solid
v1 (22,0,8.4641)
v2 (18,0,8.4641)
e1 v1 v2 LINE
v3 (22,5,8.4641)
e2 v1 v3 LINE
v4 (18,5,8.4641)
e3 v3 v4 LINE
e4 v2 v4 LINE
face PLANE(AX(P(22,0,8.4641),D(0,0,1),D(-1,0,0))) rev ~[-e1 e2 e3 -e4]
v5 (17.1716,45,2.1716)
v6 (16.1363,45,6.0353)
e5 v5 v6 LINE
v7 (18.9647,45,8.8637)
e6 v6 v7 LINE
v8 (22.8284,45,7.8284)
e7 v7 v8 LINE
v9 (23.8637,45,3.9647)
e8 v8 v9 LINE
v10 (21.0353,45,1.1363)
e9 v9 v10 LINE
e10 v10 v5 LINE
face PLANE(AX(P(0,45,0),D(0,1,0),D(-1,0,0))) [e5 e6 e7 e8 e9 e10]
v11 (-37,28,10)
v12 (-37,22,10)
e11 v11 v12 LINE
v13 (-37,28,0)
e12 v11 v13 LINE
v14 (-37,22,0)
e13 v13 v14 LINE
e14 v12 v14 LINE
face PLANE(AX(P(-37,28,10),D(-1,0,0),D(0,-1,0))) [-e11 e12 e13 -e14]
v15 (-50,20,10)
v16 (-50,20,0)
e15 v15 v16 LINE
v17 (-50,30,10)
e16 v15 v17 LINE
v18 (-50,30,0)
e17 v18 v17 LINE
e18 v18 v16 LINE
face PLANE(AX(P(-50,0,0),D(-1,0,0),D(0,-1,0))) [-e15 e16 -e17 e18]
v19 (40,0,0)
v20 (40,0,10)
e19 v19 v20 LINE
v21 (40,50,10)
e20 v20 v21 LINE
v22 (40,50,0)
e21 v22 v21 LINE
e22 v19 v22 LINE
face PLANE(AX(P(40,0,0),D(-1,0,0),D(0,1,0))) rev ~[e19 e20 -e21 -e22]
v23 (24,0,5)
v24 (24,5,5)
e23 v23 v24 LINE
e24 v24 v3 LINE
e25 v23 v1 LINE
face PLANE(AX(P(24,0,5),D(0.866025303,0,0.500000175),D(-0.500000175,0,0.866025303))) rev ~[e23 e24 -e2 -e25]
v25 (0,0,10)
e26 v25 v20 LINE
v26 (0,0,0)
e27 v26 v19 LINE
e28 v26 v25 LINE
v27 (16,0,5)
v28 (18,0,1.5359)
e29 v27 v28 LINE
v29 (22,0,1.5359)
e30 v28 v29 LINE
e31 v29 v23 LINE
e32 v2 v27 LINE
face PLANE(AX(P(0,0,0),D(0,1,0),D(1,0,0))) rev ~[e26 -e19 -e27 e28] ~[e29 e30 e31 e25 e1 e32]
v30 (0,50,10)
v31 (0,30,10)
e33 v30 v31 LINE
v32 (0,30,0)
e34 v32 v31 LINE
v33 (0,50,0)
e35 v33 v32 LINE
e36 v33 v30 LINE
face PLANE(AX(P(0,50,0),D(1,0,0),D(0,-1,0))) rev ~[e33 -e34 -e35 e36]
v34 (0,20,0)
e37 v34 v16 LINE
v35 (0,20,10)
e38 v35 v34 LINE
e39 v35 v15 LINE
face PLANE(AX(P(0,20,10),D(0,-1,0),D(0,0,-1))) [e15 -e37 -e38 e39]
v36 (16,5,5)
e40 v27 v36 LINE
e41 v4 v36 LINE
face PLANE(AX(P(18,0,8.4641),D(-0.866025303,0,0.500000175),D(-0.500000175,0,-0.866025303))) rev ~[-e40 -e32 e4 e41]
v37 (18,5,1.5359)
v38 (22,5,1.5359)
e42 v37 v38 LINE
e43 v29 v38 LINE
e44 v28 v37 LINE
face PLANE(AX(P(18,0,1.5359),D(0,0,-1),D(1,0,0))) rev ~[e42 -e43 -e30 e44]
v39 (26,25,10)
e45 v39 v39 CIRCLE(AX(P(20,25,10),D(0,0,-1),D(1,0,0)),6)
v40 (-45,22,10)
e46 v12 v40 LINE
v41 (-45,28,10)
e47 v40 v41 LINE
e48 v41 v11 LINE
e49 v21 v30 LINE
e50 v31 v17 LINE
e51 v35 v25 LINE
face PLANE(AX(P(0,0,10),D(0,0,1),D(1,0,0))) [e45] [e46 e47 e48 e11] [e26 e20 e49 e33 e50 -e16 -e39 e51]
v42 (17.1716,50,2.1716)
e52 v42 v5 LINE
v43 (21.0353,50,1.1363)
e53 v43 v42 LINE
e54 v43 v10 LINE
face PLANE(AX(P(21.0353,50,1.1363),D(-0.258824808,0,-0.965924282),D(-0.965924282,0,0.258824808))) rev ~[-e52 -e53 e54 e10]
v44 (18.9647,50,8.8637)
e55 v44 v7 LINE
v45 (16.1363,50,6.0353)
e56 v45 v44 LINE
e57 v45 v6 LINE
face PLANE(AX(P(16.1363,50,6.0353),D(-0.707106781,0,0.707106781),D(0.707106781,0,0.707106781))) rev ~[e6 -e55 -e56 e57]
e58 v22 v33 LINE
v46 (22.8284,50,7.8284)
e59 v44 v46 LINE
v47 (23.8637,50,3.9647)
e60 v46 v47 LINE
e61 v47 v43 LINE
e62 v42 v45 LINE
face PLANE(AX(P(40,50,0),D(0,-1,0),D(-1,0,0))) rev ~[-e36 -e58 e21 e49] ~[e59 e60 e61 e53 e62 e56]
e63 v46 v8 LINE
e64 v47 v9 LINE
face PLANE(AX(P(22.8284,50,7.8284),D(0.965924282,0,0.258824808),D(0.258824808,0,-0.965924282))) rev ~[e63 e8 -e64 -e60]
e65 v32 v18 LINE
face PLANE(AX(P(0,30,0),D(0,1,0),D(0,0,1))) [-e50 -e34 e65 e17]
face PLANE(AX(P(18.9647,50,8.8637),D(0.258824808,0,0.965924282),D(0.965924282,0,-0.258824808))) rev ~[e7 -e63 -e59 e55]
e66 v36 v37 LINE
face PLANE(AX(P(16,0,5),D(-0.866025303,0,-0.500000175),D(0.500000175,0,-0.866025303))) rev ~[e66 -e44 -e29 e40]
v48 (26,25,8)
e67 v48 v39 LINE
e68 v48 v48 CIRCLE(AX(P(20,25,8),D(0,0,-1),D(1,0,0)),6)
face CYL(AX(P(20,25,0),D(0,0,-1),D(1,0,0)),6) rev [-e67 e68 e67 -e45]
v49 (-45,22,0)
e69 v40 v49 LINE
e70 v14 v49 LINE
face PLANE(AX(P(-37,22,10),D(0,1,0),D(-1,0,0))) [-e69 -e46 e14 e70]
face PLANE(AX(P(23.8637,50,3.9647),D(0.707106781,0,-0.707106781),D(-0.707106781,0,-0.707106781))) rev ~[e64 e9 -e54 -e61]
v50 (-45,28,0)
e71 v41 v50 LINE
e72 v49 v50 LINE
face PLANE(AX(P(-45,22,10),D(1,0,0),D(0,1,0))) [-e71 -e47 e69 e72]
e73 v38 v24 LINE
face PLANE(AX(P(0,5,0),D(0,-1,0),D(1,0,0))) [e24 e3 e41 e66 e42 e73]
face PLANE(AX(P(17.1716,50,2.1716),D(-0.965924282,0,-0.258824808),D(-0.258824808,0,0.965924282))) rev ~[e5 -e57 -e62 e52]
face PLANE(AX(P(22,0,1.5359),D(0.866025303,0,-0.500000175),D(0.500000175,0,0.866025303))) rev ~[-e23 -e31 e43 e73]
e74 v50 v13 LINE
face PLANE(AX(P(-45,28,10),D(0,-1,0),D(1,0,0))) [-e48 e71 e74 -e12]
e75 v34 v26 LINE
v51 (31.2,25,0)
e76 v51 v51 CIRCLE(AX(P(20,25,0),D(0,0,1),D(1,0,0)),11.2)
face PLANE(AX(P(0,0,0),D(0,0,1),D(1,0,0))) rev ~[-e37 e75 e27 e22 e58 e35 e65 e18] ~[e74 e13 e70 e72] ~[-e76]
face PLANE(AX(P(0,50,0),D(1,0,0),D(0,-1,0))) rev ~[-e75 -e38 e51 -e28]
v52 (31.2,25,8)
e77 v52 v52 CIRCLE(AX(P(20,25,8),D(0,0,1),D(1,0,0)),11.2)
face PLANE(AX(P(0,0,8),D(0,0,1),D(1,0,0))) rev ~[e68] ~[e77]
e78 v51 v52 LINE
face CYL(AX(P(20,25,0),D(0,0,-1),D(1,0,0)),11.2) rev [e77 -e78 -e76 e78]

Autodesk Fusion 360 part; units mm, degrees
sketch "Top" plane through (0, 0, 0) normal (0, 0, 1) x (1, 0, 0)
  line L0 (0, 0) -> (40, 0)
  line L1 (40, 0) -> (40, 50)
  line L2 (40, 50) -> (0, 50)
  line L3 (0, 50) -> (0, 0)
  circle A0 centre (20, 25) radius 11.2
  circle A1 centre (20, 25) radius 6
  dimension "d6" = 40
  dimension "d7" = 50
  dimension "d11" = 22.4
  dimension "d12" = 25
  dimension "d13" = 20
  dimension "d27" = 12
extrude "Extrude1" add sketch "Top" along normal blind 10 contours L0 L1 L2 L3 | A0 | A1
extrude "Extrude2" cut sketch "Top" along normal blind 8 contours A0 | A1
extrude "Extrude5" cut sketch "Top" along normal blind 110 contours A1
sketch "Sketch3" plane through (0, 0, 0) normal (0, -1, 0) x (1, 0, 0)
  line L0 (0, 0) -> (40, 0)
  line L1 (40, 0) -> (40, 10)
  line L2 (40, 10) -> (0, 10)
  line L3 (0, 10) -> (0, 0)
  line L4 (24, 5) -> (22, 8.4641)
  line L5 (22, 8.4641) -> (18, 8.4641)
  line L6 (18, 8.4641) -> (16, 5)
  line L7 (16, 5) -> (18, 1.5359)
  line L8 (18, 1.5359) -> (22, 1.5359)
  line L9 (22, 1.5359) -> (24, 5)
  point P0 (20, 5)
  dimension "d34" = 4
  dimension "d37" = 20
  dimension "d38" = 5
extrude "Extrude6" cut sketch "Sketch3" against normal blind 5 contours L4 L5 L6 L7 L8 L9
sketch "Sketch4" plane through (0, 50, 0) normal (0, 1, 0) x (-1, 0, 0)
  line L0 (-40, 0) -> (0, 0)
  line L1 (0, 0) -> (0, 10)
  line L2 (0, 10) -> (-40, 10)
  line L3 (-40, 10) -> (-40, 0)
  line L4 (-22.8284, 7.8284) -> (-23.8637, 3.9647)
  line L5 (-23.8637, 3.9647) -> (-21.0353, 1.1363)
  line L6 (-21.0353, 1.1363) -> (-17.1716, 2.1716)
  line L7 (-17.1716, 2.1716) -> (-16.1363, 6.0353)
  line L8 (-16.1363, 6.0353) -> (-18.9647, 8.8637)
  line L9 (-18.9647, 8.8637) -> (-22.8284, 7.8284)
  point P0 (-20, 5)
  dimension "d39" = 4
  dimension "d42" = 20
  dimension "d43" = 5
extrude "Extrude7" cut sketch "Sketch4" against normal blind 5 contours L4 L5 L6 L7 L8 L9
sketch "Sketch5" plane through (0, 0, 0) normal (-1, 0, 0) x (0, -1, 0)
  line L0 (-50, 0) -> (0, 0)
  line L1 (0, 0) -> (0, 10)
  line L2 (0, 10) -> (-50, 10)
  line L3 (-50, 10) -> (-50, 0)
  line L4 (-30, 10) -> (-20, 10)
  line L5 (-20, 10) -> (-20, 0)
  line L6 (-20, 0) -> (-30, 0)
  line L7 (-30, 0) -> (-30, 10)
  dimension "d50" = 10
  dimension "d51" = 10
  dimension "d52" = 20
extrude "Extrude8" add sketch "Sketch5" along normal blind 50 contours L0 L2 L4 L5 L6 L7
sketch "Sketch7" plane through (0, 0, 10) normal (0, 0, 1) x (-1, 0, 0)
  circle A0 centre (-20, -25) radius 6
  line L0 (0, -50) -> (0, -30)
  line L1 (0, -30) -> (50, -30)
  line L2 (50, -30) -> (50, -20)
  line L3 (50, -20) -> (0, -20)
  line L4 (0, -20) -> (0, 0)
  line L5 (0, 0) -> (-40, 0)
  line L6 (-40, 0) -> (-40, -50)
  line L7 (-40, -50) -> (0, -50)
  line L8 (45, -28) -> (37, -28)
  line L9 (37, -28) -> (37, -22)
  line L10 (37, -22) -> (45, -22)
  line L11 (45, -22) -> (45, -28)
  dimension "d64" = 6
  dimension "d65" = 8
  dimension "d67" = 5
  dimension "d69" = 2
extrude "Extrude10" cut sketch "Sketch7" against normal blind 100 contours L8 L9 L10 L11
equation "length = 50 mm"
equation "width = 40 mm"
equation "thickness = 10 mm"
equation "extra = 100 mm"
equation "fit_gap = 0.2 mm"
equation "d6 = width"
equation "d7 = length"
equation "d8 = thickness"
equation "bearing_outer_radius = 11.1 mm"
equation "d11 = ( bearing_outer_radius * 2 ) + fit_gap"
equation "d12 = length / 2"
equation "d13 = width / 2"
equation "d14 = thickness - 2 mm"
equation "bearing_inner_radius = ( 8 mm + 4 mm ) / 2"
equation "d27 = bearing_inner_radius * 2"
equation "d28 = thickness + extra"
equation "polygon_dowel_hole_side_length = 4 mm"
equation "polygon_dowel_hole_side_height = 5 mm"
equation "polygon_dowel_hole_big_distance = width / 2"
equation "polygon_dowel_hole_small_distance = thickness / 2"
equation "d34 = polygon_dowel_hole_side_length"
equation "d35 = -polygon_dowel_hole_side_height"
equation "d37 = polygon_dowel_hole_big_distance"
equation "d38 = polygon_dowel_hole_small_distance"
equation "d39 = polygon_dowel_hole_side_length"
equation "d40 = -polygon_dowel_hole_side_height"
equation "d42 = polygon_dowel_hole_big_distance"
equation "d43 = polygon_dowel_hole_small_distance"
equation "ackerman_bracket_length = 50 mm"
equation "ackerman_bracket_width = 10 mm"
equation "ackerman_bracket_big_distance = ( length - ackerman_bracket_width ) / 2"
equation "d50 = ackerman_bracket_width"
equation "d51 = ackerman_bracket_width"
equation "d52 = ackerman_bracket_big_distance"
equation "d53 = ackerman_bracket_length"
equation "ackerman_bracket_dowel_length = 8 mm"
equation "ackerman_bracket_dowel_width = 6 mm"
equation "ackerman_bracket_dowel_big_distance = 5 mm"
equation "ackerman_bracket_dowel_small_distance = ( ackerman_bracket_width - ackerman_bracket_dowel_width ) / 2"
equation "d64 = ackerman_bracket_dowel_width"
equation "d65 = ackerman_bracket_dowel_length"
equation "d67 = ackerman_bracket_dowel_big_distance"
equation "d69 = ackerman_bracket_dowel_small_distance"
equation "d70 = -extra"
